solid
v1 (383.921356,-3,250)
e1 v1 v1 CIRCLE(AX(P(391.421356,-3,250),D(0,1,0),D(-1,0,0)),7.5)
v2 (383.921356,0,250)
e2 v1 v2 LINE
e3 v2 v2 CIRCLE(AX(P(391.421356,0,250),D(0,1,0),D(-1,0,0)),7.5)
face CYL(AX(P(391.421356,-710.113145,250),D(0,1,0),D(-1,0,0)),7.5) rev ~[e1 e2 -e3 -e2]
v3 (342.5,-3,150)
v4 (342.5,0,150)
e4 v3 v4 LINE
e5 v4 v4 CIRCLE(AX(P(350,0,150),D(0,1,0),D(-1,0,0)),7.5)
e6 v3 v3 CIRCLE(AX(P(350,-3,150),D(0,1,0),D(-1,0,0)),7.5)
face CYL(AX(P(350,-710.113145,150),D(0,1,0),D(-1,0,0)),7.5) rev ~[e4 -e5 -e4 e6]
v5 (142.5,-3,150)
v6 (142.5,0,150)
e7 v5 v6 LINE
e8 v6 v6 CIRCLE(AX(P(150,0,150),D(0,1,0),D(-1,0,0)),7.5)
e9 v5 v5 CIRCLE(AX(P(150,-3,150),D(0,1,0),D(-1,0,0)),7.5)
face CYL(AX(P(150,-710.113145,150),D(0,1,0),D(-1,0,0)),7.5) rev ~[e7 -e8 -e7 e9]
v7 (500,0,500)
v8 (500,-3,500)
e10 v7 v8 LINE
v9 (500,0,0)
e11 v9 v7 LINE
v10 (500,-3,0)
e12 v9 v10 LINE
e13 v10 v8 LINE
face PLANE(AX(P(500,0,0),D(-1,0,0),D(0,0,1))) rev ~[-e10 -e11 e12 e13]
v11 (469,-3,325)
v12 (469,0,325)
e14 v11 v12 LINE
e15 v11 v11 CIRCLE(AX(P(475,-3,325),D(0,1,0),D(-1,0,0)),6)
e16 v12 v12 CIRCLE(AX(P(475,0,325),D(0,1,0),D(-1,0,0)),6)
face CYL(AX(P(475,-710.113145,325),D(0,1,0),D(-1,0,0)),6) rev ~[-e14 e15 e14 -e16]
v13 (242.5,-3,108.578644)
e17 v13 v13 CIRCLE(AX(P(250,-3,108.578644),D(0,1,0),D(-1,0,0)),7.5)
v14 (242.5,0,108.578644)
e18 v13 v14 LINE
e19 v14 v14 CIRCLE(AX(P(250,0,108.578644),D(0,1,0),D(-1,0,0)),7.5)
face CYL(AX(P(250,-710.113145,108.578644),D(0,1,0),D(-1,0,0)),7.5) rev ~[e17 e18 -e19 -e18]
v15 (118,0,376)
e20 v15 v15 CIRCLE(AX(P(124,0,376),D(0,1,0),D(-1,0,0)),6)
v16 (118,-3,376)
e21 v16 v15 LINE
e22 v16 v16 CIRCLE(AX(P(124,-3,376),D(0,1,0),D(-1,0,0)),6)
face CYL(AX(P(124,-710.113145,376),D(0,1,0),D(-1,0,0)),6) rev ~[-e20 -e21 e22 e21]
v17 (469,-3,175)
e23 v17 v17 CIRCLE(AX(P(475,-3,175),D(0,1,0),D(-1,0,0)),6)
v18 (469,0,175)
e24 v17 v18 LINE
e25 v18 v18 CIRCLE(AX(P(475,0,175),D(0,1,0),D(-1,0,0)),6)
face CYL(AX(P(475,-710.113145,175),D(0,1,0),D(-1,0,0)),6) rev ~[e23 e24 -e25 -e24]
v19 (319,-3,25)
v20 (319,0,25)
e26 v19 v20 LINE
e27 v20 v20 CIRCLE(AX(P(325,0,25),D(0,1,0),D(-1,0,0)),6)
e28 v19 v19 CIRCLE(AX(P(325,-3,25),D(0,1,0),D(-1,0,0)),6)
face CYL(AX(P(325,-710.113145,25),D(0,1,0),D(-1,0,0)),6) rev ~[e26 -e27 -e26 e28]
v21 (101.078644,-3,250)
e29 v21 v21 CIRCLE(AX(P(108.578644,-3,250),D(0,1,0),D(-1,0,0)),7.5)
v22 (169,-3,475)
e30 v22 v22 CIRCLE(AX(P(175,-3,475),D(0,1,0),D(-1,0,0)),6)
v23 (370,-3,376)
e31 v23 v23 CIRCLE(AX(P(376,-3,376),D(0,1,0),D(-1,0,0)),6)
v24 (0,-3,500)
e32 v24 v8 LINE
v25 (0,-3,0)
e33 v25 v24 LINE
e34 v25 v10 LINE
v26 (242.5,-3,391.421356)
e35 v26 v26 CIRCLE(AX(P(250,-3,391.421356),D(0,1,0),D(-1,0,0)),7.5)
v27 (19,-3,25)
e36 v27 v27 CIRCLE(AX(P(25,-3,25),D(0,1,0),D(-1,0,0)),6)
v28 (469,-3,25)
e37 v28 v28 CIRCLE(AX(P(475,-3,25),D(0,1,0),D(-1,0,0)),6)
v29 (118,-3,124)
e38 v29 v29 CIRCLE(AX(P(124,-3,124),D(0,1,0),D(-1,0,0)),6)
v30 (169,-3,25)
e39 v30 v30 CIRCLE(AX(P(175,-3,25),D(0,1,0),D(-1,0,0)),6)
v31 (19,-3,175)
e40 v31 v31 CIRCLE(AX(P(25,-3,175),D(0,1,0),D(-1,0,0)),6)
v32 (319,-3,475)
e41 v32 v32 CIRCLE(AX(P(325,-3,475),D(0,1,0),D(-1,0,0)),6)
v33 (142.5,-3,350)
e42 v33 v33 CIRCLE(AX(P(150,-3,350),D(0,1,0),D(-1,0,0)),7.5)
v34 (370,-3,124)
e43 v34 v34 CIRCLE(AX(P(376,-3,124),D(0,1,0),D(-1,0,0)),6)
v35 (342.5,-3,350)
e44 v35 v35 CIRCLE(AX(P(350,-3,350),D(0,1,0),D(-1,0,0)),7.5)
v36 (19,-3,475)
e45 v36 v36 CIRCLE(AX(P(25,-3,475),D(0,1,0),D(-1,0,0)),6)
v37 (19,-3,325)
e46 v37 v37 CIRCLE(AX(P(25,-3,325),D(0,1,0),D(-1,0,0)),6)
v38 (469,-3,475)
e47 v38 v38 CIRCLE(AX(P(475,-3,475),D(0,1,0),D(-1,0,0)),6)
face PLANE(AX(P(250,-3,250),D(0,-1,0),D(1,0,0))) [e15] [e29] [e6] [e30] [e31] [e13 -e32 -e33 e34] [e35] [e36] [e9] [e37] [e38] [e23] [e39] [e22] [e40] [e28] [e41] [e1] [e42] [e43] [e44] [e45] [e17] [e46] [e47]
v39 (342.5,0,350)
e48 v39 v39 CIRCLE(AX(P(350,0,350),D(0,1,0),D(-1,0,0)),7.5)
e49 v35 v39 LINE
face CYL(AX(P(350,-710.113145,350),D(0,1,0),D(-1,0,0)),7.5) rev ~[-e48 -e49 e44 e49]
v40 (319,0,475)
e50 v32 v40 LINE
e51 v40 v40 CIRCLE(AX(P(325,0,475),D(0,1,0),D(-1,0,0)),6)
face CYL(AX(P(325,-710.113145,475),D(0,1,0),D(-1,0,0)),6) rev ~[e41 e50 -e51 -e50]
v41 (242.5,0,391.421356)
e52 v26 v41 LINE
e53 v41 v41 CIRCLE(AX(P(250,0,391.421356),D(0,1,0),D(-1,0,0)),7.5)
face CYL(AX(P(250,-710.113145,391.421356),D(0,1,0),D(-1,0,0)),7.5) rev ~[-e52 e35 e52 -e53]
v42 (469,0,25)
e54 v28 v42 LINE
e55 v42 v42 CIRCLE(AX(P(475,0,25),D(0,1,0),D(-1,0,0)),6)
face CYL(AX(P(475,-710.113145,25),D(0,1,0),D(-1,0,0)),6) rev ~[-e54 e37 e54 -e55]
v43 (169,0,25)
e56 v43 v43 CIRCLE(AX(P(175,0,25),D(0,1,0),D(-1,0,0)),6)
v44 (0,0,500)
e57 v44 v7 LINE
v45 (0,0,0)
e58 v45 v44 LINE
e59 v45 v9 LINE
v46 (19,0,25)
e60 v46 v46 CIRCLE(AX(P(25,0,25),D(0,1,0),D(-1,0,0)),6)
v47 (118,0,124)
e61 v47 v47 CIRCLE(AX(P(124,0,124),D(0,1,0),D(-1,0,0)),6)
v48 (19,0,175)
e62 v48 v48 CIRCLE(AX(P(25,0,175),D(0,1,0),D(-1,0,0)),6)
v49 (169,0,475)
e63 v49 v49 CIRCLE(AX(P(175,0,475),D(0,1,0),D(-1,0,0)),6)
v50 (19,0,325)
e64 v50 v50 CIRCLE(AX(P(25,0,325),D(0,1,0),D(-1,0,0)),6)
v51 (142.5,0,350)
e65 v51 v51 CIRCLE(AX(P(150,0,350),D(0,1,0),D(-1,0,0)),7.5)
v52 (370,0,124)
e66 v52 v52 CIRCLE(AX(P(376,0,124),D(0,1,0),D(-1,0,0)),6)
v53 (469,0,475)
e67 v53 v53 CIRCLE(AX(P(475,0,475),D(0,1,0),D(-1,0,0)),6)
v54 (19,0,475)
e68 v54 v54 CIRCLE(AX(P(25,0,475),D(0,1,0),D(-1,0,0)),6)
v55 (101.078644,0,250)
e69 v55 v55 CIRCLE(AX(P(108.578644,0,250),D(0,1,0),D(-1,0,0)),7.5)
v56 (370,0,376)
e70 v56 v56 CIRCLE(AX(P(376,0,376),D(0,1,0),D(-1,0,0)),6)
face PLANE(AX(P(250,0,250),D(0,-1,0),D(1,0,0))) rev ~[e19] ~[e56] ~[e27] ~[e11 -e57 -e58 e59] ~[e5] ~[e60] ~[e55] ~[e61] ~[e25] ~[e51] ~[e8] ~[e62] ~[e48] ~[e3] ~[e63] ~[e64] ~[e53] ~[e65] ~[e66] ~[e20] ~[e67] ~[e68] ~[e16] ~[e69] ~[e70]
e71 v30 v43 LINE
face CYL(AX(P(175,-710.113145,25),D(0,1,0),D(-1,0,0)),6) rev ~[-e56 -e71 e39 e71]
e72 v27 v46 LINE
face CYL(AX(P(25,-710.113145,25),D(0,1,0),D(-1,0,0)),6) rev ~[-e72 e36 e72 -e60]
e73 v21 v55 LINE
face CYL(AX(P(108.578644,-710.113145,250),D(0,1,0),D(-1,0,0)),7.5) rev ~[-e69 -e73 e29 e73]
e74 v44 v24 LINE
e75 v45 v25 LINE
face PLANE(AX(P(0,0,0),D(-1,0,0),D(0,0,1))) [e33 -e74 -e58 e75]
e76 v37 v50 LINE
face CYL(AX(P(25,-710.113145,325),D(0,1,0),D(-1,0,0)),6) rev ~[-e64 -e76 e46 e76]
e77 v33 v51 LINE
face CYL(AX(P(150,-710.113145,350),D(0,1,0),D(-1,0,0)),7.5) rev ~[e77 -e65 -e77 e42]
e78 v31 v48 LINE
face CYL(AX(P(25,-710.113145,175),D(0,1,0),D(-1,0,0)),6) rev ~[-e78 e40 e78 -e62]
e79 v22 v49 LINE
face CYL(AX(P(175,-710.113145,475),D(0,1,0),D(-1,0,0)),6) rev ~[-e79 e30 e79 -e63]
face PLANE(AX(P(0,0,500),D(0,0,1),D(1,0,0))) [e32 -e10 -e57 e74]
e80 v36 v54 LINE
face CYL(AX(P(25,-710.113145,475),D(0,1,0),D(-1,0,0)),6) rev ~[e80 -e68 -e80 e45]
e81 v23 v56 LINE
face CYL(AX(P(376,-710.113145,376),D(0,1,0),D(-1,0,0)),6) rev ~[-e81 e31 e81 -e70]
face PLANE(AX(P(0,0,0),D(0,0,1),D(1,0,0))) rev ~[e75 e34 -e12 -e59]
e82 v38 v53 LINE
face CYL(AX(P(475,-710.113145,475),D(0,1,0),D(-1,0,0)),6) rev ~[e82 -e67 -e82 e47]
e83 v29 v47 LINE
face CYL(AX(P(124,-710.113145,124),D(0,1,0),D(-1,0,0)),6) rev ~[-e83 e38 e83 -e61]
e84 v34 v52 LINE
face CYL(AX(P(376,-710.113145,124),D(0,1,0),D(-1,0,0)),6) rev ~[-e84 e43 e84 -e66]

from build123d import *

# Parameters (mm, degrees)
F0_W     = 500
F0_H     = 500
F1_DEPTH = 3
F3_D     = 15
F5_D     = 12
F7_D     = 12


with BuildPart() as f1:
    # F0 (on Front) → F1 (new body)
    with BuildSketch(Plane.XZ):
        with Locations((250, 250)):
            Rectangle(F0_W, F0_H)
    extrude(amount=F1_DEPTH)

    # F3 (through all)
    with Locations(Plane.XZ.offset(3)):
        with Locations((150, 350), (250, 391.421356), (350, 350), (391.421356, 250), (350, 150), (250, 108.578644), (150, 150), (108.578644, 250)):
            Hole(F3_D / 2)

    # F5 (through all)
    with Locations(Plane.XZ.offset(3)):
        with Locations((25, 325), (25, 475), (175, 475), (325, 475), (475, 475), (475, 325), (475, 175), (475, 25), (325, 25), (175, 25), (25, 25), (25, 175)):
            Hole(F5_D / 2)

    # F7 (through all)
    with Locations(Plane.XZ.offset(3)):
        with Locations((124, 376), (376, 376), (376, 124), (124, 124)):
            Hole(F7_D / 2)


solid = f1.part
